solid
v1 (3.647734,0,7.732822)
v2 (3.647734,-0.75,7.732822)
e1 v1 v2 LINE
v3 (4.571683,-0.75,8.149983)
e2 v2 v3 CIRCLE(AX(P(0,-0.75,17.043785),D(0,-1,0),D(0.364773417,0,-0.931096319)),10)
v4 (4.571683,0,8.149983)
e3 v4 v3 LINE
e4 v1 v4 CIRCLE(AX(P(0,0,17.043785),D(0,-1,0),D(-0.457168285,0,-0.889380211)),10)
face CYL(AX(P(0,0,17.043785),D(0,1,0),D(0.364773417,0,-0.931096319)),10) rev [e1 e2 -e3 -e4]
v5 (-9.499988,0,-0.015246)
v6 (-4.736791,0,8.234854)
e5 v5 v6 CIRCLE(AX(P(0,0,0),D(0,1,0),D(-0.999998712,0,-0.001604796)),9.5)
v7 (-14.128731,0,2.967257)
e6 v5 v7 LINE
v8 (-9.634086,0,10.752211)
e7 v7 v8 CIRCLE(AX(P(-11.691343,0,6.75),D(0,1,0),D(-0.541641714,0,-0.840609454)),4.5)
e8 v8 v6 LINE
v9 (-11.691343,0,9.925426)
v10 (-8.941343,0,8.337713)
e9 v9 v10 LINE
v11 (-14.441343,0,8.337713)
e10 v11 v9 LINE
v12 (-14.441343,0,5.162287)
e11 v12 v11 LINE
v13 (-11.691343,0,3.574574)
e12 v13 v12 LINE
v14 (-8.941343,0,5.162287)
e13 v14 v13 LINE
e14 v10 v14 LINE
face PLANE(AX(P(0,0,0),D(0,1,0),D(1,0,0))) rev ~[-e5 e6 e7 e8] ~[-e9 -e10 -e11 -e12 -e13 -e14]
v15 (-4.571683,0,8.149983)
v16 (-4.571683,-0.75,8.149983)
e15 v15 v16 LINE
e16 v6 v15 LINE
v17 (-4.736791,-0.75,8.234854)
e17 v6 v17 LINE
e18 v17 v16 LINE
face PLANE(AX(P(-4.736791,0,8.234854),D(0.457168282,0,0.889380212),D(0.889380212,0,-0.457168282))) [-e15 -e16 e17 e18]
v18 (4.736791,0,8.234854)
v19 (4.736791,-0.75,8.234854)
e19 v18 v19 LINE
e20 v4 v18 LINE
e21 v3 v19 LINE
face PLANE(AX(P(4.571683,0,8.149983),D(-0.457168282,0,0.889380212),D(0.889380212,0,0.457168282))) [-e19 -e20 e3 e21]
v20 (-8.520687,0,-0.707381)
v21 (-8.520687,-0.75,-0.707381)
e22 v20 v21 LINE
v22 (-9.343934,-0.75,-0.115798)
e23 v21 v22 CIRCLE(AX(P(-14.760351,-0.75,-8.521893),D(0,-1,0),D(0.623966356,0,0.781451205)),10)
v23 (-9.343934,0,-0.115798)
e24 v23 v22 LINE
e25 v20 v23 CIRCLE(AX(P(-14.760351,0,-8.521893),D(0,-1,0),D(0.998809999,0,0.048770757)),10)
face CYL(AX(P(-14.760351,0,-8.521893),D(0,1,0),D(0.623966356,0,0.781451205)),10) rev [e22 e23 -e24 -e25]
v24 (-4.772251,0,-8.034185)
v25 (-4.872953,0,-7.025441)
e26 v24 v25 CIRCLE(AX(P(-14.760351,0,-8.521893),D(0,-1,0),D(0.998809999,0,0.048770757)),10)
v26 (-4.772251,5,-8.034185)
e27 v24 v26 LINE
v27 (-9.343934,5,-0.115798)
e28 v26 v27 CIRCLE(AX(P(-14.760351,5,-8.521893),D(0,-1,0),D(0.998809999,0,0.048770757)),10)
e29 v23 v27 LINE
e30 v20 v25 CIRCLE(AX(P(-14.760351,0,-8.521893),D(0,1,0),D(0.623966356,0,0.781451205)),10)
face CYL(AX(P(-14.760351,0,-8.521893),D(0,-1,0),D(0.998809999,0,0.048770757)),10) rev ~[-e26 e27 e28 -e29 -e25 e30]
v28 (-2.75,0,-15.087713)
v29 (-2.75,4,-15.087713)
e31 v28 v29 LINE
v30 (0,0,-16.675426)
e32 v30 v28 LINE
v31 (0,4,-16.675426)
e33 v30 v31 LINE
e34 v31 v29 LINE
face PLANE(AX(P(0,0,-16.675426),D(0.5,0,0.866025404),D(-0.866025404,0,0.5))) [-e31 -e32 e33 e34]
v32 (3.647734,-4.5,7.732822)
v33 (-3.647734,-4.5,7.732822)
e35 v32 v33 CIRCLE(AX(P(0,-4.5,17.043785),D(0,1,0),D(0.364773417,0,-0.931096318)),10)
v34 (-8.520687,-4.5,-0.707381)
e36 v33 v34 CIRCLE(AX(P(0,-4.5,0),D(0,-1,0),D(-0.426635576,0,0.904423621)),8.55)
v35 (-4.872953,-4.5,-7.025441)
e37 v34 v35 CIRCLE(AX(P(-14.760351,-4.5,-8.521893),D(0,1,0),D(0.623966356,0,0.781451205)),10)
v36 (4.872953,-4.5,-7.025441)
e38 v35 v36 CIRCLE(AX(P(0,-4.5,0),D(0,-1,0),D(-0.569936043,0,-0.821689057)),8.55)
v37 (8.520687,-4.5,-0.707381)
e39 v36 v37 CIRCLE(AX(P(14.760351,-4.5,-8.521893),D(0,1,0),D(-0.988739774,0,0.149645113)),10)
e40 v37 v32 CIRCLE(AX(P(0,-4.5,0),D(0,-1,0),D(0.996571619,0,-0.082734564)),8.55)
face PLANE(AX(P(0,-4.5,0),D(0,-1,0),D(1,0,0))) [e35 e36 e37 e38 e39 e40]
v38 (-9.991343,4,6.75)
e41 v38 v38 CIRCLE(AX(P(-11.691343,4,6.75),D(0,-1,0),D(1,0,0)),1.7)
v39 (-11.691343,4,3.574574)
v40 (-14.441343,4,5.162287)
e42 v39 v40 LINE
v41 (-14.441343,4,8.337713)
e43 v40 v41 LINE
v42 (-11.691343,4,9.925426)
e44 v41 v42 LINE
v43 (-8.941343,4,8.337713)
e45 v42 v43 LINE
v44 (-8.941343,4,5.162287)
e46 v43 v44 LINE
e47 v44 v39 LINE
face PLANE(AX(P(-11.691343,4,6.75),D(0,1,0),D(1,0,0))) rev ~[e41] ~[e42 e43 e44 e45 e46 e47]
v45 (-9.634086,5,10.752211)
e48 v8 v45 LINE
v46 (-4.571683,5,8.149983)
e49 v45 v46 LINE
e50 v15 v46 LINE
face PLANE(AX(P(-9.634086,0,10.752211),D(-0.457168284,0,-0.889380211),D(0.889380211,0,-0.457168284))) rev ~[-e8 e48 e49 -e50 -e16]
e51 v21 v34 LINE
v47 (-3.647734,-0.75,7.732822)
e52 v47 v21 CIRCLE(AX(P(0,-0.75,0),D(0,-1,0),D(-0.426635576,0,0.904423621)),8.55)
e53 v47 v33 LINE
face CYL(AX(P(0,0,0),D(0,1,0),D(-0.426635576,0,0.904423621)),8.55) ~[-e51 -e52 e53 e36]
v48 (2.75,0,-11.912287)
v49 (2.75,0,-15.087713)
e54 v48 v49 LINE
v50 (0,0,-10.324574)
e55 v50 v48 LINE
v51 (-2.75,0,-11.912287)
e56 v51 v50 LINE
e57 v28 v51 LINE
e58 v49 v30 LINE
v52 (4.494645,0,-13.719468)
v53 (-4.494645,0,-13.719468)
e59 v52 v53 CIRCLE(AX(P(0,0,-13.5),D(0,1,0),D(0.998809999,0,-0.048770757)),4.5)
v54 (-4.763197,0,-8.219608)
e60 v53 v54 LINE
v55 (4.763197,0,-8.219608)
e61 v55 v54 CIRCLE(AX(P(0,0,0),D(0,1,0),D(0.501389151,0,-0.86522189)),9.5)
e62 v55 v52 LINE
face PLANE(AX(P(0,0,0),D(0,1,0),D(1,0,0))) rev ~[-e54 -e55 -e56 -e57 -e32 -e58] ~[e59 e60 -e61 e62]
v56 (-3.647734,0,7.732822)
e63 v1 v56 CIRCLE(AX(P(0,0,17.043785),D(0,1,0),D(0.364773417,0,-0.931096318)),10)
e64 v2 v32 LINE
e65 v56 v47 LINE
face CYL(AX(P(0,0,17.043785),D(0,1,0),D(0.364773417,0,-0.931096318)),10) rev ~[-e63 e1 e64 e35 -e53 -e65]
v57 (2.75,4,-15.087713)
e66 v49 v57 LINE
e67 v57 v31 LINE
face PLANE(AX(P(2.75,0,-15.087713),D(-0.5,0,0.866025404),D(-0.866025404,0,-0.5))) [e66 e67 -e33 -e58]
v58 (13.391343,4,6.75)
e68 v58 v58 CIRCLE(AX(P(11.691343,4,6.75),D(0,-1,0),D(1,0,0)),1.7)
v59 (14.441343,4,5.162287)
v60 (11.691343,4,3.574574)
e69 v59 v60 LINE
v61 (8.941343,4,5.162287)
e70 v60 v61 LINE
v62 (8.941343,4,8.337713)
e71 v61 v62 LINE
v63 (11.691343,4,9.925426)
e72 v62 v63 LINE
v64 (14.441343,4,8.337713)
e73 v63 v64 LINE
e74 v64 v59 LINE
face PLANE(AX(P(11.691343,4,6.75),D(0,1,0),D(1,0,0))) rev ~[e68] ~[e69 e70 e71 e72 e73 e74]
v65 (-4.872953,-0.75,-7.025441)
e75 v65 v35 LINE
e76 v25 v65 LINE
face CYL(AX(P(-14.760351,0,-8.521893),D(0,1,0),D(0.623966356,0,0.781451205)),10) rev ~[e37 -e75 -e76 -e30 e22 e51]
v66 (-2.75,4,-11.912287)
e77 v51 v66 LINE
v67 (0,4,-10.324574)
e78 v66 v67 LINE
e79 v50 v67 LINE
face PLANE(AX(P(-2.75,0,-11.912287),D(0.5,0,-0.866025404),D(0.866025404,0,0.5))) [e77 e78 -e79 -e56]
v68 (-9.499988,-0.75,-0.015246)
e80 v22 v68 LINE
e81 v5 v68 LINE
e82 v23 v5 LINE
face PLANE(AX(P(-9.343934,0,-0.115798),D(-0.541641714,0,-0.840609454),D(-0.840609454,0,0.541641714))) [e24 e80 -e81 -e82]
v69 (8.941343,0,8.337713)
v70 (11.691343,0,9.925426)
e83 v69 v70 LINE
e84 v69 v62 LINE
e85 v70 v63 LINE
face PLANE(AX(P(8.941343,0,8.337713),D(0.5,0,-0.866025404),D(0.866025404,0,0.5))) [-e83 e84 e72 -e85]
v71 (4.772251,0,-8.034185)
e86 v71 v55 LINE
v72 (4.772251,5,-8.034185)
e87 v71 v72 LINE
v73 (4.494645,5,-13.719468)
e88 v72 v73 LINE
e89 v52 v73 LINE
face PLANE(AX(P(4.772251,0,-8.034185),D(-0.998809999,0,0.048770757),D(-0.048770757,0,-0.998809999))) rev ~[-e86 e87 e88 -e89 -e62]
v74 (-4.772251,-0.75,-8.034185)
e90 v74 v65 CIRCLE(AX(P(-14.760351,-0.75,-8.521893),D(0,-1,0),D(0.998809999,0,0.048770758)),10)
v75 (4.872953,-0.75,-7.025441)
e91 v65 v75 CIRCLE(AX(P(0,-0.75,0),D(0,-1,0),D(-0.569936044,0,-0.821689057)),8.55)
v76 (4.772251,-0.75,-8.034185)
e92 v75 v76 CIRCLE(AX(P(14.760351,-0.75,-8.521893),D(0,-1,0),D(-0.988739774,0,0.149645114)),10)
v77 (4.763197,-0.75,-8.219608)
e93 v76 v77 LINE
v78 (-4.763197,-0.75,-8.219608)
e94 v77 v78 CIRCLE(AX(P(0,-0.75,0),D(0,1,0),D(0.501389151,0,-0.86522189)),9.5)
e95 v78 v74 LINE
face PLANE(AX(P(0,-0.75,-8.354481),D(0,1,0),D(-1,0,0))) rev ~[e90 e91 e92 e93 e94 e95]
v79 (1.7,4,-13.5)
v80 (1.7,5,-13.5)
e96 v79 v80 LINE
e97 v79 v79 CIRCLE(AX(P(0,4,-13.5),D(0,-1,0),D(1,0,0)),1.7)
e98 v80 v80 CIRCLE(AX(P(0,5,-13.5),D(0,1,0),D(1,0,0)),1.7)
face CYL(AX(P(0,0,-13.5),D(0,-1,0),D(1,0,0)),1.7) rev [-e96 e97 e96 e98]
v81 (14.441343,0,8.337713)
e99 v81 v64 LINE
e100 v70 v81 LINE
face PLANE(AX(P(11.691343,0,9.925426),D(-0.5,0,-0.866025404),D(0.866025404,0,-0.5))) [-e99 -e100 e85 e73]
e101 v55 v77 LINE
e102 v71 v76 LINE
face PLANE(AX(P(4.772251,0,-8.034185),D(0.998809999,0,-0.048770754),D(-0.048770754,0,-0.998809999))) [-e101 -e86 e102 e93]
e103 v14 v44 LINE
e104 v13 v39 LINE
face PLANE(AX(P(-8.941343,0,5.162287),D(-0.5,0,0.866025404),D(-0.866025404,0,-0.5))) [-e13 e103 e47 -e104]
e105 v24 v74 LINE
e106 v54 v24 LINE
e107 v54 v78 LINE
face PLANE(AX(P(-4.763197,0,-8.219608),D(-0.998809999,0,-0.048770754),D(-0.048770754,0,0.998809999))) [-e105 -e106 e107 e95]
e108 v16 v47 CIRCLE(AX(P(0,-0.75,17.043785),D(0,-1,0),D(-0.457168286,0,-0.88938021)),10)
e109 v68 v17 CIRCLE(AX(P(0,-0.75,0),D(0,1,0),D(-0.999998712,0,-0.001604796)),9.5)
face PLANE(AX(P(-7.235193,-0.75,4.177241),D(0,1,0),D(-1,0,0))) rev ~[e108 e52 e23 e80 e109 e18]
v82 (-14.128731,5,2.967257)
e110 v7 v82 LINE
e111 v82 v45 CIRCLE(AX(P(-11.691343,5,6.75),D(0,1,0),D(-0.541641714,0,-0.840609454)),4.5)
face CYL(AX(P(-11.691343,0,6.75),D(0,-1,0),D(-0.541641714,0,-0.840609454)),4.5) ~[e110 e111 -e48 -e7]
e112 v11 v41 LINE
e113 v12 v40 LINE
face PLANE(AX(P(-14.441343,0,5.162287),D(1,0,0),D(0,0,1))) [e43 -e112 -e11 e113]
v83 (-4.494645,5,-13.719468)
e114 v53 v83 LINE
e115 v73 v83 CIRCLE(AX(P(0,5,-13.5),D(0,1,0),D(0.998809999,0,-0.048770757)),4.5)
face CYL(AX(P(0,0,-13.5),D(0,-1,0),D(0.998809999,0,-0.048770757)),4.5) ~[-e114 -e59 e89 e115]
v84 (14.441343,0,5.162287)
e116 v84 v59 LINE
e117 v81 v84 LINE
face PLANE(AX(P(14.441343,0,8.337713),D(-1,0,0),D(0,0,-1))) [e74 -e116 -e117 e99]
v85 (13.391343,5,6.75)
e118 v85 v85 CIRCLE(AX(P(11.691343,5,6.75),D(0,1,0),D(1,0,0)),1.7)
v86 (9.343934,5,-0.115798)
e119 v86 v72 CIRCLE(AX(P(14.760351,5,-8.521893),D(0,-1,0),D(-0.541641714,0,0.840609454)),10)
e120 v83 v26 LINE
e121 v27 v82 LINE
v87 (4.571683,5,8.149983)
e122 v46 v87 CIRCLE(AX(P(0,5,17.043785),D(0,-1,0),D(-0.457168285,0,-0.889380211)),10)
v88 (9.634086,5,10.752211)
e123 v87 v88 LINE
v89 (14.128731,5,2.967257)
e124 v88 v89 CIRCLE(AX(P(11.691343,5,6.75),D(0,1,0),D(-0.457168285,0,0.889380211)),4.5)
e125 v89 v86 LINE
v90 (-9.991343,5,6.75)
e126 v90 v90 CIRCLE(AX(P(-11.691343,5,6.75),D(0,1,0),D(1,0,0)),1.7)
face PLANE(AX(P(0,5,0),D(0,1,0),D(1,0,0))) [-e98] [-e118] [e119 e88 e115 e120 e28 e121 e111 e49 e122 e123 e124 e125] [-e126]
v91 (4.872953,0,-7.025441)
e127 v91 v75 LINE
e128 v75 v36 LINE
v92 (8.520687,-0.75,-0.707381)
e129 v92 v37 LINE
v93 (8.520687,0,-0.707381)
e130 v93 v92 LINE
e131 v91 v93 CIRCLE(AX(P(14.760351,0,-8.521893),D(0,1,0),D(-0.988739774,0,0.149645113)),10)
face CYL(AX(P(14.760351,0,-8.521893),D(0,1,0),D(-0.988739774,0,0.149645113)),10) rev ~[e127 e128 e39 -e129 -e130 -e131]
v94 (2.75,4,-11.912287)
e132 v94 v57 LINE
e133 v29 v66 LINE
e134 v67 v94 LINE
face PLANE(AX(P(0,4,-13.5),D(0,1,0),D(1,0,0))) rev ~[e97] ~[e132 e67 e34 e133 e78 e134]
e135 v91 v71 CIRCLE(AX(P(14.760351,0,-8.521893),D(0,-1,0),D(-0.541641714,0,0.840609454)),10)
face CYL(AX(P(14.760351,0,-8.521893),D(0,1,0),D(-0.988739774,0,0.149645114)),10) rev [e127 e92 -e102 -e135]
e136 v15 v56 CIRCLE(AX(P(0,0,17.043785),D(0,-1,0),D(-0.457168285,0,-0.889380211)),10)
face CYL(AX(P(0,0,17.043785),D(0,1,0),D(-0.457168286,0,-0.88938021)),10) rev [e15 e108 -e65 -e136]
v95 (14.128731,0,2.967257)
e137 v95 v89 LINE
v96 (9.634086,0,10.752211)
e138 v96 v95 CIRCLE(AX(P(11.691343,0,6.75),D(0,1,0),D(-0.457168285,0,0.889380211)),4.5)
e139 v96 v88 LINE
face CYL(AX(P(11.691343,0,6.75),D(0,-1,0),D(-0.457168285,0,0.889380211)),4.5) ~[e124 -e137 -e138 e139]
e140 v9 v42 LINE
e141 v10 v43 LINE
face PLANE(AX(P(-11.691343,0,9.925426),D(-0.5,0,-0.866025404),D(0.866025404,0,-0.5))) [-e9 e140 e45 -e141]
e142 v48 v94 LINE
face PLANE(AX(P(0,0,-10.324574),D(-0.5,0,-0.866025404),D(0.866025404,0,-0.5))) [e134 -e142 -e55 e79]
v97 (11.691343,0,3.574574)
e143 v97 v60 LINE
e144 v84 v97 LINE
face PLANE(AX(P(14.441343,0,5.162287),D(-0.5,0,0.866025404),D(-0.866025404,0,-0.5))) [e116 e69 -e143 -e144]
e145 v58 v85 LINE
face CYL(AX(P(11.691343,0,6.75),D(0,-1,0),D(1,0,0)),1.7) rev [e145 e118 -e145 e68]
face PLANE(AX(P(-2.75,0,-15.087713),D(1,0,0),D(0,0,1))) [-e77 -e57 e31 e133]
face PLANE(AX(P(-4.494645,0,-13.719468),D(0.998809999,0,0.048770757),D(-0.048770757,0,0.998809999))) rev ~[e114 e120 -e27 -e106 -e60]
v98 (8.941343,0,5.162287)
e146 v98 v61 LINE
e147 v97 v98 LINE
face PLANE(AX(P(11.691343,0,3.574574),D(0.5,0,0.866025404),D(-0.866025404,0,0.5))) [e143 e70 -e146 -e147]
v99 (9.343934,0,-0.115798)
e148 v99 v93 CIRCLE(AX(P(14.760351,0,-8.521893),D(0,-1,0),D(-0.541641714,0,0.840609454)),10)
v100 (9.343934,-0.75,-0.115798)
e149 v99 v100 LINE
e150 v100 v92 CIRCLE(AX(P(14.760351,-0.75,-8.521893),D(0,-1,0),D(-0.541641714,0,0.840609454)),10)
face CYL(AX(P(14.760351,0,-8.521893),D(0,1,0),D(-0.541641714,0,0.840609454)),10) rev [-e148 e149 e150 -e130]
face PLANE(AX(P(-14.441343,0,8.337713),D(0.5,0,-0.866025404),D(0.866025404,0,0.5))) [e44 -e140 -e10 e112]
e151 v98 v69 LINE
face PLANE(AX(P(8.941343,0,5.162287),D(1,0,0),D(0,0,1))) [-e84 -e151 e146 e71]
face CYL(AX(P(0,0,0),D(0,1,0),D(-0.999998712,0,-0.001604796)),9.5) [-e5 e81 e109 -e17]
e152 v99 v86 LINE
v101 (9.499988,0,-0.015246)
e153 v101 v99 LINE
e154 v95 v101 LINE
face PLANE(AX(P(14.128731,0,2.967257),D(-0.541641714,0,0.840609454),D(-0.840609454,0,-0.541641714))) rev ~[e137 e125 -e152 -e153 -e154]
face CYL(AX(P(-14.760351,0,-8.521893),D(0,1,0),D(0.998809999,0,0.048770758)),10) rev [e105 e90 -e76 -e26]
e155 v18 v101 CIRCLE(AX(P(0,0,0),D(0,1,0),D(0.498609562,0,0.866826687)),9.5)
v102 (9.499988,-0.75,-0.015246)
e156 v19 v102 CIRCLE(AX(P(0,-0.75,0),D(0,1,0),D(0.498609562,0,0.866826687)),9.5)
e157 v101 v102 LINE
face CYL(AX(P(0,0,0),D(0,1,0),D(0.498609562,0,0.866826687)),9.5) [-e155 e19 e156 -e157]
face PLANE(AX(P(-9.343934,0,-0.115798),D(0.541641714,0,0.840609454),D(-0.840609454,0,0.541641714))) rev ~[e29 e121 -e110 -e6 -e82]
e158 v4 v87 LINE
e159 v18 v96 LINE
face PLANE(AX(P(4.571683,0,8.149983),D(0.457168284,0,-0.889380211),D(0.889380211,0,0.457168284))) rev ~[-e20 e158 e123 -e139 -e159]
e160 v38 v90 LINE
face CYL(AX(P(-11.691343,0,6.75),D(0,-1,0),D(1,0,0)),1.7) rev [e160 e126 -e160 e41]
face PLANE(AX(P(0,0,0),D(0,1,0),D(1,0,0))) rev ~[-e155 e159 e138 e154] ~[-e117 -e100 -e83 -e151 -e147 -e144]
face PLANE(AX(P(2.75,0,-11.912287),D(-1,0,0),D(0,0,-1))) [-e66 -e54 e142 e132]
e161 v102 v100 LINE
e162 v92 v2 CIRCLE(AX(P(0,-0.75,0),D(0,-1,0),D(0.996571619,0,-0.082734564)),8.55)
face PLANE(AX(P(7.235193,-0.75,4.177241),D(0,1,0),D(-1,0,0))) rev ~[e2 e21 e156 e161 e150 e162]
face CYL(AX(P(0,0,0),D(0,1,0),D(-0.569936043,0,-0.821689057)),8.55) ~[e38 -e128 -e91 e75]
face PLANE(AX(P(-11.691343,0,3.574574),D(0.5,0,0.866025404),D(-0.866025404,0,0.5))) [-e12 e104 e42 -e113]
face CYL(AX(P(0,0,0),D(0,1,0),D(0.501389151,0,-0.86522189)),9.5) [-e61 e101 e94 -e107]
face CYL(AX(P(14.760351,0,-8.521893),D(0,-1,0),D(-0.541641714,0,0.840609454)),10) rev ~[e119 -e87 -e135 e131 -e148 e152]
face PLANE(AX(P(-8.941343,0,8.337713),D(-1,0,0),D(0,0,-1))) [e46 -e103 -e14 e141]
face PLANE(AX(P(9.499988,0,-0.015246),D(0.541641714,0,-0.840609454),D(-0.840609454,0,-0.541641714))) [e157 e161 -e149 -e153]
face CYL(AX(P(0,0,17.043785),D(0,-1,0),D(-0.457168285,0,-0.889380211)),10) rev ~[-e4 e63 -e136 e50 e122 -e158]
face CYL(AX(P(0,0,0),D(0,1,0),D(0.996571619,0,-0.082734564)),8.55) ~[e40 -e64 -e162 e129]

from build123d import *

# Parameters (mm, degrees)
SKETCH1_R           = 1.7
BOSS_EXTRUDE1_DEPTH = 5
CUT_EXTRUDE1_START  = -5
CUT_EXTRUDE1_DEPTH  = 4
BOSS_EXTRUDE3_DEPTH = 4.5
BOSS_EXTRUDE4_DEPTH = 0.75


with BuildPart() as part:
    # Sketch1 → Boss-Extrude1 (new body)
    with BuildSketch(Plane(origin=(0, 0, 0), x_dir=(1, 0, 0), z_dir=(0, 1, 0))):
        with BuildLine():
            Line((-4.494644994, 13.719468408), (-4.772250922, 8.034184997))
            ThreePointArc((-4.772250922, 8.034184997), (-6.10009687, 3.52189257), (-9.343933767, 0.115798034))
            Line((-9.343933767, 0.115798034), (-14.128730664, -2.967257459))
            ThreePointArc((-14.128730664, -2.967257459), (-15.588457268, -9), (-9.634085671, -10.752210949))
            Line((-9.634085671, -10.752210949), (-4.571682845, -8.149983031))
            ThreePointArc((-4.571682845, -8.149983031), (0, -7.04378514), (4.571682845, -8.149983031))
            Line((4.571682845, -8.149983031), (9.634085671, -10.752210949))
            ThreePointArc((9.634085671, -10.752210949), (15.588457268, -9), (14.128730664, -2.967257459))
            Line((14.128730664, -2.967257459), (9.343933767, 0.115798034))
            ThreePointArc((9.343933767, 0.115798034), (6.10009687, 3.52189257), (4.772250922, 8.034184997))
            Line((4.772250922, 8.034184997), (4.494644994, 13.719468408))
            ThreePointArc((4.494644994, 13.719468408), (0, 18), (-4.494644994, 13.719468408))
        make_face()
        with Locations((0, 13.5)):
            Circle(SKETCH1_R, mode=Mode.SUBTRACT)
        with Locations((11.691342951, -6.75)):
            Circle(SKETCH1_R, mode=Mode.SUBTRACT)
        with Locations((-11.691342951, -6.75)):
            Circle(SKETCH1_R, mode=Mode.SUBTRACT)
    extrude(amount=BOSS_EXTRUDE1_DEPTH)

    # Sketch2 → Cut-Extrude1 (cut)
    with BuildSketch(Plane(origin=(0, 5, 0), x_dir=(1, 0, 0), z_dir=(0, 1, 0)).offset(CUT_EXTRUDE1_START)):
        Polygon((14.441342951, -8.33771324), (14.441342951, -5.16228676), (11.691342951, -3.574573519), (8.941342951, -5.16228676), (8.941342951, -8.33771324), (11.691342951, -9.925426481), align=None)
        Polygon((0, 16.675426481), (-2.75, 15.08771324), (-2.75, 11.91228676), (0, 10.324573519), (2.75, 11.91228676), (2.75, 15.08771324), align=None)
        Polygon((-14.441342951, -8.33771324), (-11.691342951, -9.925426481), (-8.941342951, -8.33771324), (-8.941342951, -5.16228676), (-11.691342951, -3.574573519), (-14.441342951, -5.16228676), align=None)
    extrude(amount=CUT_EXTRUDE1_DEPTH, mode=Mode.SUBTRACT)

    # Sketch7 → Boss-Extrude3 (add)
    with BuildSketch(Plane.XZ):
        with BuildLine():
            ThreePointArc((-4.872953171, -7.025441438), (0, -8.55), (4.872953171, -7.025441438))
            ThreePointArc((4.872953171, -7.025441438), (6.10009687, -3.52189257), (8.520687343, -0.707380519))
            ThreePointArc((8.520687343, -0.707380519), (7.404517202, 4.275), (3.647734172, 7.732821956))
            ThreePointArc((3.647734172, 7.732821956), (0, 7.04378514), (-3.647734172, 7.732821956))
            ThreePointArc((-3.647734172, 7.732821956), (-7.404517202, 4.275), (-8.520687343, -0.707380519))
            ThreePointArc((-8.520687343, -0.707380519), (-6.10009687, -3.52189257), (-4.872953171, -7.025441438))
        make_face()
    extrude(amount=BOSS_EXTRUDE3_DEPTH)

    # Sketch8 → Boss-Extrude4 (add)
    with BuildSketch(Plane.XZ):
        with BuildLine():
            Line((-9.343933767, -0.115798034), (-9.499987767, -0.015245565))
            ThreePointArc((-9.499987767, -0.015245565), (-8.227241336, 4.75), (-4.736790837, 8.234853524))
            Line((-4.736790837, 8.234853524), (-4.571682845, 8.149983031))
            ThreePointArc((-4.571682845, 8.149983031), (-4.114998161, 7.929686713), (-3.647734172, 7.732821956))
            ThreePointArc((-3.647734172, 7.732821956), (-7.404517202, 4.275), (-8.520687343, -0.707380519))
            ThreePointArc((-8.520687343, -0.707380519), (-8.924809218, -0.401150413), (-9.343933767, -0.115798034))
        make_face()
        with BuildLine():
            Line((4.571682845, 8.149983031), (4.736790837, 8.234853524))
            ThreePointArc((4.736790837, 8.234853524), (8.227241336, 4.75), (9.499987767, -0.015245565))
            Line((9.499987767, -0.015245565), (9.343933767, -0.115798034))
            ThreePointArc((9.343933767, -0.115798034), (8.924809218, -0.401150413), (8.520687343, -0.707380519))
            ThreePointArc((8.520687343, -0.707380519), (7.404517202, 4.275), (3.647734172, 7.732821956))
            ThreePointArc((3.647734172, 7.732821956), (4.114998161, 7.929686713), (4.571682845, 8.149983031))
        make_face()
        with BuildLine():
            Line((4.772250922, -8.034184997), (4.76319693, -8.219607959))
            ThreePointArc((4.76319693, -8.219607959), (0, -9.5), (-4.76319693, -8.219607959))
            Line((-4.76319693, -8.219607959), (-4.772250922, -8.034184997))
            ThreePointArc((-4.772250922, -8.034184997), (-4.809811057, -7.528536301), (-4.872953171, -7.025441437))
            ThreePointArc((-4.872953171, -7.025441437), (0, -8.55), (4.872953171, -7.025441438))
            ThreePointArc((4.872953171, -7.025441438), (4.809811057, -7.528536301), (4.772250922, -8.034184997))
        make_face()
    extrude(amount=BOSS_EXTRUDE4_DEPTH)


solid = part.part
